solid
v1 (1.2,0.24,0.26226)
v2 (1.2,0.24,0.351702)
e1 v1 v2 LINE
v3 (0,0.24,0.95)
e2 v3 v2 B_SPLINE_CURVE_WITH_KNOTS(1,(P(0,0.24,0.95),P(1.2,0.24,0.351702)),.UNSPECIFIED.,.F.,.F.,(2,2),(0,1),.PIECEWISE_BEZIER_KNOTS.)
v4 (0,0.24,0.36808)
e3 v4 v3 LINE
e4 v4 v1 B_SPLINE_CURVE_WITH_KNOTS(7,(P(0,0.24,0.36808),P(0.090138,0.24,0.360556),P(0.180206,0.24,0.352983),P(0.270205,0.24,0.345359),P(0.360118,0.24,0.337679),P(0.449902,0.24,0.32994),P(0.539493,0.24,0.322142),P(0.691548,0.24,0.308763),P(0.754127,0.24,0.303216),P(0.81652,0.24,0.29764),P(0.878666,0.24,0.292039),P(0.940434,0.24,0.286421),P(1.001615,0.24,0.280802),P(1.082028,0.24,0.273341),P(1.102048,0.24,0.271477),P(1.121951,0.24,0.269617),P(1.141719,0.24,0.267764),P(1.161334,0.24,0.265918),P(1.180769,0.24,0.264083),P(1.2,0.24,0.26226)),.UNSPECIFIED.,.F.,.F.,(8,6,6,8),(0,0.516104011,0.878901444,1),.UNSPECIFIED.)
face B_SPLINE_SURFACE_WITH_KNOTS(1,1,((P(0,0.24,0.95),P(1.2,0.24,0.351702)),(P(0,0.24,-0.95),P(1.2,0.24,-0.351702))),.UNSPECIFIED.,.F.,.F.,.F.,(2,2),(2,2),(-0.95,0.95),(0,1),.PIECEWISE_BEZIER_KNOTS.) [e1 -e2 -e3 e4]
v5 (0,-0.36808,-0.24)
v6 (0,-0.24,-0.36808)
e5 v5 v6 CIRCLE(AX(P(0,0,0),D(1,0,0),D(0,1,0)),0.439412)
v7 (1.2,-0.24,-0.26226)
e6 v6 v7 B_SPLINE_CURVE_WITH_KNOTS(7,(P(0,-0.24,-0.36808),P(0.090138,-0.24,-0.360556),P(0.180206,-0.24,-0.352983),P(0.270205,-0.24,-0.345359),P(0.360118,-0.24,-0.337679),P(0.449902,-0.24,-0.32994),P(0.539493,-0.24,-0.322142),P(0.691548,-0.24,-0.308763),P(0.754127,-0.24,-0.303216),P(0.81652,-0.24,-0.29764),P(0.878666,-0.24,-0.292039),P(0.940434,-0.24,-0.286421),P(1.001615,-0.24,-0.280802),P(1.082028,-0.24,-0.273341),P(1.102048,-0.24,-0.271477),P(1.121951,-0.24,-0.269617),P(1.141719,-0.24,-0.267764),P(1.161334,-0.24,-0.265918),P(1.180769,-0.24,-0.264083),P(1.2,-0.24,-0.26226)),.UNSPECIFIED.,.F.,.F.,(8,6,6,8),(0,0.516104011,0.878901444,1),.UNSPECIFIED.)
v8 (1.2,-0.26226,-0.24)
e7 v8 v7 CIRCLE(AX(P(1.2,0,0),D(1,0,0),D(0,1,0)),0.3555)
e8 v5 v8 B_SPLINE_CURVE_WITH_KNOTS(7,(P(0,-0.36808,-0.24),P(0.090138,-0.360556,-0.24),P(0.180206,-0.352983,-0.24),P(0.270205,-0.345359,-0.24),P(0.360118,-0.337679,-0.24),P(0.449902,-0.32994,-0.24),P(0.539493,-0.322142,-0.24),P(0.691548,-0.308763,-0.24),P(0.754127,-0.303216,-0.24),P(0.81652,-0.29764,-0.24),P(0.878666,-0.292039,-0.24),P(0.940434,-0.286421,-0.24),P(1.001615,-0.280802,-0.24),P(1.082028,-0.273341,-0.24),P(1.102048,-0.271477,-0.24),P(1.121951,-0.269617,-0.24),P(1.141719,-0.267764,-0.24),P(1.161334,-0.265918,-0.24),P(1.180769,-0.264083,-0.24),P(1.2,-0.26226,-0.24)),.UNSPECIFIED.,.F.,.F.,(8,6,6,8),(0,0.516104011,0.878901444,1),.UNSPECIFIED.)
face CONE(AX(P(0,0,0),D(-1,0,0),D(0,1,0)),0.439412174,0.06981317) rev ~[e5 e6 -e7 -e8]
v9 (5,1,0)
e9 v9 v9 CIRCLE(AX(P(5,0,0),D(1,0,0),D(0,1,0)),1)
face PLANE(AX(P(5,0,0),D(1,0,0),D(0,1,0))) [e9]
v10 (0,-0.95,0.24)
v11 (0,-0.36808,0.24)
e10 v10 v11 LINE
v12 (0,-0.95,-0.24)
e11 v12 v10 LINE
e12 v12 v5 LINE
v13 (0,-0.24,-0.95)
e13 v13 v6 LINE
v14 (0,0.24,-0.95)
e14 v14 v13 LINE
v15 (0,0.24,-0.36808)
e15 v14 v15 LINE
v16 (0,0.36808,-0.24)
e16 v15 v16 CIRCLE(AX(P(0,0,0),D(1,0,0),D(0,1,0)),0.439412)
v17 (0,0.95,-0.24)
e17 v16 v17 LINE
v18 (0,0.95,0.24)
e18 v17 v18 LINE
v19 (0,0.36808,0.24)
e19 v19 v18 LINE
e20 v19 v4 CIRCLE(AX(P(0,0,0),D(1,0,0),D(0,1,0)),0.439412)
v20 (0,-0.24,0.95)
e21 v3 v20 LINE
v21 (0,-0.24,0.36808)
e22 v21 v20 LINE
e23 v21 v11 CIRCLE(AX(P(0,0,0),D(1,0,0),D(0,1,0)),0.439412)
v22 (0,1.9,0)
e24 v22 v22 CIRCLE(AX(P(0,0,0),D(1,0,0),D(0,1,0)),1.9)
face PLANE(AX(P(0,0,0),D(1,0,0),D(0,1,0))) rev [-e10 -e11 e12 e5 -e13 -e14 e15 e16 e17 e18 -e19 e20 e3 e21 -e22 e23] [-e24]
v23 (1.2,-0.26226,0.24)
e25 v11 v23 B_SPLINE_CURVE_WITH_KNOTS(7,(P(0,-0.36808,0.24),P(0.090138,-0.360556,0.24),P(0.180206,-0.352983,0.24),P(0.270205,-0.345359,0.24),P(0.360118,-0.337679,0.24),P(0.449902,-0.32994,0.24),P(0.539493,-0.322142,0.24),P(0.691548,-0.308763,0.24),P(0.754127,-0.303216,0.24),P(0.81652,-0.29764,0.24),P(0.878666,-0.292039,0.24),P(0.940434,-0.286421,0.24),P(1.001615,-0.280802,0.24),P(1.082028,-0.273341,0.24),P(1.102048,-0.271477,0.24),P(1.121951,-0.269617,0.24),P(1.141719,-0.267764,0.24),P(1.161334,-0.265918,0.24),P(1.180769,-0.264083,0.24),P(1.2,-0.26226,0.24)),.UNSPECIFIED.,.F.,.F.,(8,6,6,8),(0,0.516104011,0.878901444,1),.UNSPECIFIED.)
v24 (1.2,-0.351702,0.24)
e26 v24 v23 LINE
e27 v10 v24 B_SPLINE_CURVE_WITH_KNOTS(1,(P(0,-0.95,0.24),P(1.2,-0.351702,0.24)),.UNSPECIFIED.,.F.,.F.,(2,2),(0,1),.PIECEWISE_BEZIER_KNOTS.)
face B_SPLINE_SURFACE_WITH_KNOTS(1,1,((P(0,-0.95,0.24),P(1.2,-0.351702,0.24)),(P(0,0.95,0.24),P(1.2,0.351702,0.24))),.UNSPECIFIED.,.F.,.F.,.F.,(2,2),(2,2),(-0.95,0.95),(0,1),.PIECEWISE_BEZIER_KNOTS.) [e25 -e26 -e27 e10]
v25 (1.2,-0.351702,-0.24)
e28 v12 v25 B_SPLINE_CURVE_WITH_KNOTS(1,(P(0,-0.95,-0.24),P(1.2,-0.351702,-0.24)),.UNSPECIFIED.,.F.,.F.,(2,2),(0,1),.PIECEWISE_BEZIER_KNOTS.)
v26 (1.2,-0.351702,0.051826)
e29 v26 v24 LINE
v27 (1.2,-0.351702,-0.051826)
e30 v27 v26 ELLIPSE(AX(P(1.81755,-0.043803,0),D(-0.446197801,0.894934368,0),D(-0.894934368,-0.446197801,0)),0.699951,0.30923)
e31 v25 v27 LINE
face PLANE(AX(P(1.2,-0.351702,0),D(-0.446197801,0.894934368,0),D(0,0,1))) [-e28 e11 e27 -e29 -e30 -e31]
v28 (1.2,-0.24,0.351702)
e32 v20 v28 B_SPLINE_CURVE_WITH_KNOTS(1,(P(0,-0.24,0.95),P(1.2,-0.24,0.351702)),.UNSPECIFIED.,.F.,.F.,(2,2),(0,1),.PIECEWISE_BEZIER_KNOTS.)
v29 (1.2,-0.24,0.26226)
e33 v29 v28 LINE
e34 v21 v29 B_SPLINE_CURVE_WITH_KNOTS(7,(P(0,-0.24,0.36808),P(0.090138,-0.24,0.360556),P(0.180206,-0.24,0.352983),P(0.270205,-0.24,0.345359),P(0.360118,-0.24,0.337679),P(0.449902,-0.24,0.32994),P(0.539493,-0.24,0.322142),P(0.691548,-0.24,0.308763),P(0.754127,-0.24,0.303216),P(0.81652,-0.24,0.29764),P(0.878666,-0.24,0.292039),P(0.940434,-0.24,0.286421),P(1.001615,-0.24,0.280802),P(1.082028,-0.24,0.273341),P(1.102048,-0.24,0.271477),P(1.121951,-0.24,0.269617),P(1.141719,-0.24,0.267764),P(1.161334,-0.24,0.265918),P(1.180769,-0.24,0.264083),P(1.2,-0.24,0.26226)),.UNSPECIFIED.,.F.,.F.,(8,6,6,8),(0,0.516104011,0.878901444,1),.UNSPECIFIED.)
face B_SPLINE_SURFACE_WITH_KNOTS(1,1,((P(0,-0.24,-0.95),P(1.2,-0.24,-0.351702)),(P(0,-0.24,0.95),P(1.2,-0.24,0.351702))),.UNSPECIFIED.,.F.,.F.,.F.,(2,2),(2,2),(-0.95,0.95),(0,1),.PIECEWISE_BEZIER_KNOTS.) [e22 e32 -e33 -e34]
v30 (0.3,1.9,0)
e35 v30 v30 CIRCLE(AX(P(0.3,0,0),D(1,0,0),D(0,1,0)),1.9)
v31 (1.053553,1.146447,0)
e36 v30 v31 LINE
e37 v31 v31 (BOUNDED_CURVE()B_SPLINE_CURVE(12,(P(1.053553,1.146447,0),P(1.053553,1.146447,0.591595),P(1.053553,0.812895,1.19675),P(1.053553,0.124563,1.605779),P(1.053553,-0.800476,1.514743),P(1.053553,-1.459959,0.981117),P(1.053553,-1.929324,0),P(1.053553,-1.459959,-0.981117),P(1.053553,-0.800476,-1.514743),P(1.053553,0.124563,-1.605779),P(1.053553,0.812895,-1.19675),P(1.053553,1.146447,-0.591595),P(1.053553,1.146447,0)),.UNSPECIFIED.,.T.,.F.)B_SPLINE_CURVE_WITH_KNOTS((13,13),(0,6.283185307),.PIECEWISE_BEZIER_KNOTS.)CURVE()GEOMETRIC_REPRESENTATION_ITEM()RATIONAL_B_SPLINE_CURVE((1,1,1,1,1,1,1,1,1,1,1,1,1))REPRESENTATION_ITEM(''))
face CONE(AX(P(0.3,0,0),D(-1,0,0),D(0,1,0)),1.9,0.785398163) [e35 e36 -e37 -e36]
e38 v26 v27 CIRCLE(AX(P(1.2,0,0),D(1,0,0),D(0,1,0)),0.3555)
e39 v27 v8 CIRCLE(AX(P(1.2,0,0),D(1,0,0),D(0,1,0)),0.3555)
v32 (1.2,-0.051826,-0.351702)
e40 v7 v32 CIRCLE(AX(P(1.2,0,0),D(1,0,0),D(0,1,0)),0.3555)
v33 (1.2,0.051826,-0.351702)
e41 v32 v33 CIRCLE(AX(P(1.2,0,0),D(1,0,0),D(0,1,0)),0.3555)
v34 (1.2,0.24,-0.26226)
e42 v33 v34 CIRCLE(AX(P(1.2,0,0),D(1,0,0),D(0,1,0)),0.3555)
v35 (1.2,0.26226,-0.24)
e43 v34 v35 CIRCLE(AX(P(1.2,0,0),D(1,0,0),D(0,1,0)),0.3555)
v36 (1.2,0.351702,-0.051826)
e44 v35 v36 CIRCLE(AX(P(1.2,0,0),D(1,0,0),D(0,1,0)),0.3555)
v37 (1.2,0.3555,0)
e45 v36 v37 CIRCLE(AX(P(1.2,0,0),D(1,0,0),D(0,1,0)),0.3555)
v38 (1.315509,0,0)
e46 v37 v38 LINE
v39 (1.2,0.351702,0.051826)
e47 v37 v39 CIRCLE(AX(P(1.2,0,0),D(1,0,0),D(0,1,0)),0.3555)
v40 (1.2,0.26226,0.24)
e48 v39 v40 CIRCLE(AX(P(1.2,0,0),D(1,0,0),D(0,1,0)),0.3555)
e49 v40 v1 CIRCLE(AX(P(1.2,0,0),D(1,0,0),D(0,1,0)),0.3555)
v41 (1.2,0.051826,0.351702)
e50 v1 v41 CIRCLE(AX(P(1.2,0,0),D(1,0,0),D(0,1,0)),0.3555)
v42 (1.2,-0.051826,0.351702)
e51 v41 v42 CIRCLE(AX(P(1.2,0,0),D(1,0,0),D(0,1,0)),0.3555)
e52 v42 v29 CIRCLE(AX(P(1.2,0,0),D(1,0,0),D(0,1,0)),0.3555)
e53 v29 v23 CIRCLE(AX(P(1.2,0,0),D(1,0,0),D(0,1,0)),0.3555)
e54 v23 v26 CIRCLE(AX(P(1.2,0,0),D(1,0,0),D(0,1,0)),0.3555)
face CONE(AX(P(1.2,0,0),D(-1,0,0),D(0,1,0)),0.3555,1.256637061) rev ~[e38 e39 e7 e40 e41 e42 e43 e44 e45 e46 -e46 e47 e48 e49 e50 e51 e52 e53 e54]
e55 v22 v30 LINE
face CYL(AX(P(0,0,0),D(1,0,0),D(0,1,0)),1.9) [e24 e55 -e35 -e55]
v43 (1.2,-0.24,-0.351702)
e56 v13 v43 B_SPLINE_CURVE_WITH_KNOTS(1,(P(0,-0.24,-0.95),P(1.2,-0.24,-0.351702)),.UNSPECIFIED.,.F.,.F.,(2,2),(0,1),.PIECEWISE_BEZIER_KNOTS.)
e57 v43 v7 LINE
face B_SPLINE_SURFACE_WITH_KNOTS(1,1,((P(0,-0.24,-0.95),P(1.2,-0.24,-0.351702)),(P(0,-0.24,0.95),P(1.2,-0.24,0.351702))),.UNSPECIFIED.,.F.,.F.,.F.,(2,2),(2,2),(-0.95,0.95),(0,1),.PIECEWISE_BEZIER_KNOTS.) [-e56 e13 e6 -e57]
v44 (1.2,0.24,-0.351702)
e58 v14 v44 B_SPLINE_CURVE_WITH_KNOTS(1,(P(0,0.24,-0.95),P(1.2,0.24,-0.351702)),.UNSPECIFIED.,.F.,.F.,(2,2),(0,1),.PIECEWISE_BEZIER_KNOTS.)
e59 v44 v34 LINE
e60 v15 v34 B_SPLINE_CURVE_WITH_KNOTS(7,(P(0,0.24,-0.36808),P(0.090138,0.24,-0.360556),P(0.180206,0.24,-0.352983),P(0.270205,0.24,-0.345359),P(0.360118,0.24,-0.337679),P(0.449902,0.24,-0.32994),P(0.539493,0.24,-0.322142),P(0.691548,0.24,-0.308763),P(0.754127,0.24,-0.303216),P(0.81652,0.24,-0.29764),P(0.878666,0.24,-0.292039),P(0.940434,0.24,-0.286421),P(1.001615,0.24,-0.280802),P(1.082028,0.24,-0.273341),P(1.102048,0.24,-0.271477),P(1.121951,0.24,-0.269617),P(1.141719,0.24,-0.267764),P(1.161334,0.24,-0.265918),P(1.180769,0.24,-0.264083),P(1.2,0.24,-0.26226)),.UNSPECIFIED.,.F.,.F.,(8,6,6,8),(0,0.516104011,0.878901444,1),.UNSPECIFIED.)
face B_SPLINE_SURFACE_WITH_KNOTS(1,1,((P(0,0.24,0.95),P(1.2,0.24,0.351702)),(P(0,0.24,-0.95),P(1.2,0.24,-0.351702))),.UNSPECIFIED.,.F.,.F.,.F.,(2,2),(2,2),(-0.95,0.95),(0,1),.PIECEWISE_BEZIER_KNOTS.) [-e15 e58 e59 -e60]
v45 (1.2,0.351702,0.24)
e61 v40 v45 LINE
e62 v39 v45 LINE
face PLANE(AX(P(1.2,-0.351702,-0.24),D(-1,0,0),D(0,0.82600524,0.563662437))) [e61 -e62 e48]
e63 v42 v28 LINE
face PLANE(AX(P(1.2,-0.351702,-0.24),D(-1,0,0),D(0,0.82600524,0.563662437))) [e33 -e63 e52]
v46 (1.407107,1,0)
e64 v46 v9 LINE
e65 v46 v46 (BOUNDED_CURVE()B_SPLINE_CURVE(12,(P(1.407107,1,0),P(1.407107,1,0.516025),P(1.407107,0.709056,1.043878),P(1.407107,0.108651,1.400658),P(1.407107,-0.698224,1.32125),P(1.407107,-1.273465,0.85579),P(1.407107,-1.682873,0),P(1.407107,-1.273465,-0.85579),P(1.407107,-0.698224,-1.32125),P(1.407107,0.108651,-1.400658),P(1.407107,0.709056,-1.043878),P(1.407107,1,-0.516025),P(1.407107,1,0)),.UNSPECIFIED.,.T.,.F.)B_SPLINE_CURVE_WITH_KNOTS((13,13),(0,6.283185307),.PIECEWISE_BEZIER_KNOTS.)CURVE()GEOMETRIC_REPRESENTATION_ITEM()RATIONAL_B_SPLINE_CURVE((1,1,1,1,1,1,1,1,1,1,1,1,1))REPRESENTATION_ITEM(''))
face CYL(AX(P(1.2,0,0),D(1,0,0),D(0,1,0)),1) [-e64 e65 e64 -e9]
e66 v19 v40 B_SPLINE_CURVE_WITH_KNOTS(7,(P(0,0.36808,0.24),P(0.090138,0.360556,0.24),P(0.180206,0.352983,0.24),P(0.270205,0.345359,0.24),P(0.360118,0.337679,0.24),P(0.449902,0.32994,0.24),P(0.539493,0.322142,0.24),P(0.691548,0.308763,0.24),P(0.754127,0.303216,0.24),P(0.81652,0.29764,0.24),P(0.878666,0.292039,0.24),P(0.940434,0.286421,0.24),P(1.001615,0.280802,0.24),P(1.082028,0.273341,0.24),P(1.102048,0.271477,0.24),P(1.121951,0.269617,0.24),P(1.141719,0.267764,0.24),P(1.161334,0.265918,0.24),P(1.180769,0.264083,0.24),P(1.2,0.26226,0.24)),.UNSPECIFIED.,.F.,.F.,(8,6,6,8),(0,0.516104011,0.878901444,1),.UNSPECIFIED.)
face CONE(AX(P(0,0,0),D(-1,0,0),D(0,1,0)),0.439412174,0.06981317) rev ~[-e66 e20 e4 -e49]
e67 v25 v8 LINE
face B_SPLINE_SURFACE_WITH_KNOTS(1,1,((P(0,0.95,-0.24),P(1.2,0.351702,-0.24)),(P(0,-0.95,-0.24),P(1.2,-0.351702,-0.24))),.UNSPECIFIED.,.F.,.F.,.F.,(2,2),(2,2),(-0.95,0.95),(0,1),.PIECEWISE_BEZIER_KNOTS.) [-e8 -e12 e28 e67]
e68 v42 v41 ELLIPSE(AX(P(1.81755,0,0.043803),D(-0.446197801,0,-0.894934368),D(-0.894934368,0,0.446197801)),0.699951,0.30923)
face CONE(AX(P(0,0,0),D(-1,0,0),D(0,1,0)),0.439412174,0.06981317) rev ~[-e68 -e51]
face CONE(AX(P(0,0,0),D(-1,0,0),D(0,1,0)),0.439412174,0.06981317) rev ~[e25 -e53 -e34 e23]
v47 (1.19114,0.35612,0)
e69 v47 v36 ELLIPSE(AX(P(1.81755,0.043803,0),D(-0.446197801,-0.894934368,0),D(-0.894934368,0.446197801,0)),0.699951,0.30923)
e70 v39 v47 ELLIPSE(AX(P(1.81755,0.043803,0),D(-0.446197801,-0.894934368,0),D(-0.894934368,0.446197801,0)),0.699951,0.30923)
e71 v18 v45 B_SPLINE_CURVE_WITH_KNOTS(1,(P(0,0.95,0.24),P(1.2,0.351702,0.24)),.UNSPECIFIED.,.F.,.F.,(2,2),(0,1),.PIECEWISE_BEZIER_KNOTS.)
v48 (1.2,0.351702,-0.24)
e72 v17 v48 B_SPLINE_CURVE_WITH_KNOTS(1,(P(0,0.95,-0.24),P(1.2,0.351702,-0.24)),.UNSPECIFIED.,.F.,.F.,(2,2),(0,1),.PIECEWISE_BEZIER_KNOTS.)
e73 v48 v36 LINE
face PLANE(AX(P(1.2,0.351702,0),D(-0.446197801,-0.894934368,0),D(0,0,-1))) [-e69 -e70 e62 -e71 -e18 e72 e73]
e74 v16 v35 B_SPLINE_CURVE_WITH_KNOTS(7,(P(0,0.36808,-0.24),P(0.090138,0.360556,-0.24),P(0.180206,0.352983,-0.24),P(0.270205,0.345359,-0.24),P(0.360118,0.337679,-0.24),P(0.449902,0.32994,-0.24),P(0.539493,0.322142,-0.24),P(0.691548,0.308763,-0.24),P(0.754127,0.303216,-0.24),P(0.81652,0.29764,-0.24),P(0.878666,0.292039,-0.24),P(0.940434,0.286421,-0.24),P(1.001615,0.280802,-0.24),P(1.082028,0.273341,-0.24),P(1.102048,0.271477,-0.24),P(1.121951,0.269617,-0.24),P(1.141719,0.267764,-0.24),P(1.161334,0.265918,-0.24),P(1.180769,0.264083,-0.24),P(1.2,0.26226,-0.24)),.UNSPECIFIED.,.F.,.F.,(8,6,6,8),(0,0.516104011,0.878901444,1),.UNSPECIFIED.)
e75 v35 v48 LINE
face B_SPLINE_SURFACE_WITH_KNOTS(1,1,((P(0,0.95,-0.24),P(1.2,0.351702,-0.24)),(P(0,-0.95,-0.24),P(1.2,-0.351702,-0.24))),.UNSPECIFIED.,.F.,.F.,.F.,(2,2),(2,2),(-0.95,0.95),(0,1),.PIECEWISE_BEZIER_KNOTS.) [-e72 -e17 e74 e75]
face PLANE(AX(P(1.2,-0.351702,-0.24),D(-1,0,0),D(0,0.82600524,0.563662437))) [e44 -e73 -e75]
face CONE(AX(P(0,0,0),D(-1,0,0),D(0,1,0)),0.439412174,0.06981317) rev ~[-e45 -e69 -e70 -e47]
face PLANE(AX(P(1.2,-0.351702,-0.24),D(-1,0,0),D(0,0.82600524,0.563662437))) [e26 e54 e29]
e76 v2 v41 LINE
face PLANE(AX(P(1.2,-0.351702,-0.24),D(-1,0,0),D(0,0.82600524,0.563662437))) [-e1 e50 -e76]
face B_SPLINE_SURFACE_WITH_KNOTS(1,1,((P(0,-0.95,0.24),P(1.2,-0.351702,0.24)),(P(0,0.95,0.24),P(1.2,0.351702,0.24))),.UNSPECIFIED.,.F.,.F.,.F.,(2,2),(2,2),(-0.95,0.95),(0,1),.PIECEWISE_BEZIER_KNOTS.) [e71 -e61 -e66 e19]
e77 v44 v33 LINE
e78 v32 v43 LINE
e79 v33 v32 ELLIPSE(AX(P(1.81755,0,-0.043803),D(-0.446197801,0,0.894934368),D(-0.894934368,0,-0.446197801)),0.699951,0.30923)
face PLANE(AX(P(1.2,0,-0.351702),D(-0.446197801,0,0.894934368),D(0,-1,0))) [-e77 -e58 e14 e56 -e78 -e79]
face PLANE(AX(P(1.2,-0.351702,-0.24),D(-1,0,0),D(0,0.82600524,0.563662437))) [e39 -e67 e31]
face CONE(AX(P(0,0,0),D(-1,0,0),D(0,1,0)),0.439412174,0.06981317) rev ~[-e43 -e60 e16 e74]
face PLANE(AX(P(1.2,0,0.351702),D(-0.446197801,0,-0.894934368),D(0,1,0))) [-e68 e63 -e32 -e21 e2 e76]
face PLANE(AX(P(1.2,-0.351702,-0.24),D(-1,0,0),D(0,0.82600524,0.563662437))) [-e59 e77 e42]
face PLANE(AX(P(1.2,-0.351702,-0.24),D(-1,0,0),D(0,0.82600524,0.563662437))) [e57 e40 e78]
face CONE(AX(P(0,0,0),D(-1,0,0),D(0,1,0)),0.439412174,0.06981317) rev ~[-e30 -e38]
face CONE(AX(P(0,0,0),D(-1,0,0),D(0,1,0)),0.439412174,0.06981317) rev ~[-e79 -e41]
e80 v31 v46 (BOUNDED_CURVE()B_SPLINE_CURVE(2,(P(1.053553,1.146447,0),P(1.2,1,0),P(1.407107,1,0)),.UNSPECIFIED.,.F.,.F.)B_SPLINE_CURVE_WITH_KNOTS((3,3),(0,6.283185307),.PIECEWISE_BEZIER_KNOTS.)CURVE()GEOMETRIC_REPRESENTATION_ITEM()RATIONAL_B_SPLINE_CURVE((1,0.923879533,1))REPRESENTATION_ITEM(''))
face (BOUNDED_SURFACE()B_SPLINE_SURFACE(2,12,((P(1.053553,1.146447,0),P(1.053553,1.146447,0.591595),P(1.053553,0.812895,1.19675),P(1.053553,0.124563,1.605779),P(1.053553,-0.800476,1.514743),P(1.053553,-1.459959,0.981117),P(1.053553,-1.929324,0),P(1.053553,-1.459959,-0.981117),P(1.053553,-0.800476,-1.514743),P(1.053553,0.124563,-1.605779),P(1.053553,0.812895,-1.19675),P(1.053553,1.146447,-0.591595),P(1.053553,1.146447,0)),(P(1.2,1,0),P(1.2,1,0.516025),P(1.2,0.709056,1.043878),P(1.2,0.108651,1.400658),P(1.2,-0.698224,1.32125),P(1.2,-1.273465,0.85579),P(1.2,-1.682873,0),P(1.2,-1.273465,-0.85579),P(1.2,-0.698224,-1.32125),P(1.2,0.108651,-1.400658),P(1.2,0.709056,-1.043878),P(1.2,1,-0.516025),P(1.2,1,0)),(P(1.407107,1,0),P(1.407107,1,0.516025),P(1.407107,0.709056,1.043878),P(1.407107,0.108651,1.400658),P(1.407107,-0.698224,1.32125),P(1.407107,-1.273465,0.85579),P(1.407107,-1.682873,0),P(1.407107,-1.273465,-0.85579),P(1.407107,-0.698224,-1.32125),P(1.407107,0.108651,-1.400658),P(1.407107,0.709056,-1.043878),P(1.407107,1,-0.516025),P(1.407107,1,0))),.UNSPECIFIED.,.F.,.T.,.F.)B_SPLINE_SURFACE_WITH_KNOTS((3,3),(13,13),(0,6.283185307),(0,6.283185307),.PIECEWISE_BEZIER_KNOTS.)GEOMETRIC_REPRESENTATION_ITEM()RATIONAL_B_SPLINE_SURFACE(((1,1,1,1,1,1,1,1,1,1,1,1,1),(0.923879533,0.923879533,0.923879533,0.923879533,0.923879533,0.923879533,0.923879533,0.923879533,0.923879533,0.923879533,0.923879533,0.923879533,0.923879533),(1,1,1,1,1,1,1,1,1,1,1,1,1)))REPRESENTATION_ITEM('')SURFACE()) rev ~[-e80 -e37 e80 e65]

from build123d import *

# Parameters (mm, degrees)
FILLET1_R    = 0.5
SKETCH3_W    = 0.48
SKETCH3_H    = 1.9
SKETCH4_W    = 0.48
SKETCH4_H    = 0.703404182
RECPAT_COUNT = 2
RECPAT_ANGLE = 90


with BuildPart() as part:
    # BodySke → Base-Revolve (revolve)
    with BuildSketch(Plane.XY):
        Polygon((0, 0), (0, 1.9), (0.3, 1.9), (1.2, 1), (5, 1), (5, 0), align=None)
    revolve(axis=Axis((-6.35, 0, 0), (1, 0, 0)))

    # Fillet1
    fillet1_edges = [part.edges().sort_by_distance(p)[0] for p in [
        (1.2, -1, 0),
    ]]
    fillet(fillet1_edges, radius=FILLET1_R)

    # Sketch3 → Recess section 0
    with BuildSketch(Plane.ZY):
        Rectangle(SKETCH3_W, SKETCH3_H)
    # Sketch4 → Recess section 1
    with BuildSketch(Plane.ZY.offset(-1.2)):
        Rectangle(SKETCH4_W, SKETCH4_H)
    recess = loft(mode=Mode.SUBTRACT)

    # RecPat: Recess ×2 about axis
    recpat_axis = Axis((0, 0, 0), (1, 0, 0))
    for i in range(1, RECPAT_COUNT):
        add(recess.rotate(recpat_axis, i * RECPAT_ANGLE / (RECPAT_COUNT - 1)), mode=Mode.SUBTRACT)

    # RecCorSke → RecessCore (revolve, cut)
    with BuildSketch(Plane.XY):
        Polygon((0, 0), (0, 0.439412174), (1.2, 0.3555), (1.315508952, 0), align=None)
    revolve(axis=Axis((-3.175, 0, 0), (1, 0, 0)), mode=Mode.SUBTRACT)


solid = part.part
